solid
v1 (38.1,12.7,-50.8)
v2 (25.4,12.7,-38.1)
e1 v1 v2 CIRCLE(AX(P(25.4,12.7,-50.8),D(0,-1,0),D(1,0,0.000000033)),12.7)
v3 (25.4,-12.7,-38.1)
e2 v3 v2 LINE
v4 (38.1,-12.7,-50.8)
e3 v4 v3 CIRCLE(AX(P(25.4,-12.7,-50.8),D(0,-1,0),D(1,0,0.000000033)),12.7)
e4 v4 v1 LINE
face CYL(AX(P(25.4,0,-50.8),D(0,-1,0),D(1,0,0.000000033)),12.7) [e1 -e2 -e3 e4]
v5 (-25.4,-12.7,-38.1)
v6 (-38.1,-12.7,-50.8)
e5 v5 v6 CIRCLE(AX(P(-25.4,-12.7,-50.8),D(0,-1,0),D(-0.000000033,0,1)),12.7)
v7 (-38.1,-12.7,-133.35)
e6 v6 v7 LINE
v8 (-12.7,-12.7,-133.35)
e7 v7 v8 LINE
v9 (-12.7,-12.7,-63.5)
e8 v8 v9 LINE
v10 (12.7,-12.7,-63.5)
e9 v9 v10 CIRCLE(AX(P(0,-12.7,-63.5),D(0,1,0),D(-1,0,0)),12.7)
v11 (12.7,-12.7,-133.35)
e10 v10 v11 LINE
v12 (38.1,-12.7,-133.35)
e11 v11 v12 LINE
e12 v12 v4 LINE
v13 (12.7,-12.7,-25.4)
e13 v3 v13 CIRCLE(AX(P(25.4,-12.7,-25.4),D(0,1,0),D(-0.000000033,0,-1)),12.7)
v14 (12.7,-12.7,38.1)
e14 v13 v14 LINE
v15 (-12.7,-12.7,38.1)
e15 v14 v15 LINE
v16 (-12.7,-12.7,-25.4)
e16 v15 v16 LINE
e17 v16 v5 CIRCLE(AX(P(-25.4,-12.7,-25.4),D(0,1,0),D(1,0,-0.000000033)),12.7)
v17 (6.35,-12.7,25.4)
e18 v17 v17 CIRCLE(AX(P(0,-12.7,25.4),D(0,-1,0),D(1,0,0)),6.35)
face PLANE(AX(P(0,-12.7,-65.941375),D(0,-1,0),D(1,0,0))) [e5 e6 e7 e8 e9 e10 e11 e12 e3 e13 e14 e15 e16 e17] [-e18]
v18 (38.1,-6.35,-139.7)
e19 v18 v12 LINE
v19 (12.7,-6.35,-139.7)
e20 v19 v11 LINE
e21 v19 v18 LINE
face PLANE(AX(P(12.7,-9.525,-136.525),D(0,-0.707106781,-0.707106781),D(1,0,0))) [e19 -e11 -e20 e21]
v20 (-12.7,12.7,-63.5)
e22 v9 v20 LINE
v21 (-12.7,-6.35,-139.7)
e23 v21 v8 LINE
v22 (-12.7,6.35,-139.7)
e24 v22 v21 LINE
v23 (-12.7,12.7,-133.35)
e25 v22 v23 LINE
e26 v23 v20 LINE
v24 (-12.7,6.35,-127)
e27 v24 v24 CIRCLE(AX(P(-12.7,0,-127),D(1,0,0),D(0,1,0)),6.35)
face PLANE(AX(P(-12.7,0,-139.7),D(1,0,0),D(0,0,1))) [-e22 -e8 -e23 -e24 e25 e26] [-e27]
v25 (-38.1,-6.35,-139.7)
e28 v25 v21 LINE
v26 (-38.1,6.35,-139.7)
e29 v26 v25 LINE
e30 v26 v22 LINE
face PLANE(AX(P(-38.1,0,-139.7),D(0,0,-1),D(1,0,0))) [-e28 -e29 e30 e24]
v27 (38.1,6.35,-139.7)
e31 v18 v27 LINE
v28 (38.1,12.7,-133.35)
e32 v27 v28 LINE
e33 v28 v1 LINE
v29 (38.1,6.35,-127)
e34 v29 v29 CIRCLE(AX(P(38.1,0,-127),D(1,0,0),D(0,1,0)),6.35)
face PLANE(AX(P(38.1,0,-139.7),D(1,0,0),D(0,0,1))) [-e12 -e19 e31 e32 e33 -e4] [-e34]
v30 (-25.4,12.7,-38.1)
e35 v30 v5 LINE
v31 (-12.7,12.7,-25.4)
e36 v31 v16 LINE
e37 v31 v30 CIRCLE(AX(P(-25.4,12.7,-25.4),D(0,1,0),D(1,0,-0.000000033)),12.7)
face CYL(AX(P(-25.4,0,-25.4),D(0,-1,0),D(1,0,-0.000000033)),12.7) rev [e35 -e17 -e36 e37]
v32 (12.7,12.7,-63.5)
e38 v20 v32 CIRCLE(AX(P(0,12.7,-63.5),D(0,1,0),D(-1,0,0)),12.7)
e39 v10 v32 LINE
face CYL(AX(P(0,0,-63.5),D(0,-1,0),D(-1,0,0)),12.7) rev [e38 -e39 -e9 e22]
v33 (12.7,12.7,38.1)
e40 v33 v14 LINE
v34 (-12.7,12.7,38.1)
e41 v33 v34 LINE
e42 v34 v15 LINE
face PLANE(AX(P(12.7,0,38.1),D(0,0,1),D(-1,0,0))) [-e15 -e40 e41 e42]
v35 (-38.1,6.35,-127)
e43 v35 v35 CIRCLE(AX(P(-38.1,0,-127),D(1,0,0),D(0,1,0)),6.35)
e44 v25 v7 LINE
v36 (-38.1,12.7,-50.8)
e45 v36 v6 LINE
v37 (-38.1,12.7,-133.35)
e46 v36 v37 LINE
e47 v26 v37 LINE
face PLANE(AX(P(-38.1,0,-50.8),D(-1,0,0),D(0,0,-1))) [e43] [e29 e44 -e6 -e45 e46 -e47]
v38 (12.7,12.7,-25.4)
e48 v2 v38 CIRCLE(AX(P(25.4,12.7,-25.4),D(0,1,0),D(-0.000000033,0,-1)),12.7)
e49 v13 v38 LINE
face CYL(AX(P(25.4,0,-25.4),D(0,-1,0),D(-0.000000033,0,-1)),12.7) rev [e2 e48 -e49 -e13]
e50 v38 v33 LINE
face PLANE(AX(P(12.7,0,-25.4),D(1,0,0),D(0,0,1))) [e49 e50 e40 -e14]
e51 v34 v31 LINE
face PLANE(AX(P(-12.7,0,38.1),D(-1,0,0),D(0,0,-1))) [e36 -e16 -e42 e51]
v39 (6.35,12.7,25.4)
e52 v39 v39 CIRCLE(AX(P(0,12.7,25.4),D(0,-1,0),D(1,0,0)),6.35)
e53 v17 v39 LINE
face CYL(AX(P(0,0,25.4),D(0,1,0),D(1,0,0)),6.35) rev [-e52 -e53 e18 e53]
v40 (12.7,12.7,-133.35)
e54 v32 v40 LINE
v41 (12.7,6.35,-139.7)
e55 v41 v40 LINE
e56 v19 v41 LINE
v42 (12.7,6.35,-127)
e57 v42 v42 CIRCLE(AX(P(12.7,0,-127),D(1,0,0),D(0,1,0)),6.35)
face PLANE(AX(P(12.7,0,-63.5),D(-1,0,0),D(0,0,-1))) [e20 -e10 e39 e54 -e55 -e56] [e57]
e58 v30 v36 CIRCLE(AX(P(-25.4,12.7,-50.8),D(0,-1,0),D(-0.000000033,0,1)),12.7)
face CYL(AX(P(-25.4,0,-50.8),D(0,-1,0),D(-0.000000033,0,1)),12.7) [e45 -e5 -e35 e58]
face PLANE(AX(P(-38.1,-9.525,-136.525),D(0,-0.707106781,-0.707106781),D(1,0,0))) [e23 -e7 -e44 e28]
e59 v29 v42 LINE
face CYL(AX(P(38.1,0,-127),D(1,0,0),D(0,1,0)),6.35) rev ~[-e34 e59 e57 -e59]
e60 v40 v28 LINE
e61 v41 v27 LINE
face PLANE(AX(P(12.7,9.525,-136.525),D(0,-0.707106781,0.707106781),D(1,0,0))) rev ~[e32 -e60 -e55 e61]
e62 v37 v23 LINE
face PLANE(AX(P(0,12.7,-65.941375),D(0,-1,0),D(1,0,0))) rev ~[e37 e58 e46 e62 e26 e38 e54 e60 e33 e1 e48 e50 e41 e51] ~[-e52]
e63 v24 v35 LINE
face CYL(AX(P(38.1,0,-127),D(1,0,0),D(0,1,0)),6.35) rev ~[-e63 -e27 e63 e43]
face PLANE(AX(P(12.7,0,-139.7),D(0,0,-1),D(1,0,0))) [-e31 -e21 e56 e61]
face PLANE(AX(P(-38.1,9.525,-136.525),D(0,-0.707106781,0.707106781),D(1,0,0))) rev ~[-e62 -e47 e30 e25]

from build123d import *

# Parameters (mm, degrees)
F0_R     = 6.35
F1_DEPTH = 12.7
F2_SIZE  = 6.35
F3_R     = 6.35
F4_DEPTH = 76.2


with BuildPart() as f1:
    # F0 (on Front) → F1 (new body, symmetric)
    with BuildSketch(Plane.XZ):
        with BuildLine():
            Line((12.7, -25.4), (12.7, 38.1))
            Line((12.7, 38.1), (-12.7, 38.1))
            Line((-12.7, 38.1), (-12.7, -25.4))
            ThreePointArc((-12.7, -25.4), (-16.419744, -34.380256), (-25.4, -38.1))
            ThreePointArc((-25.4, -38.1), (-34.380256, -41.819744), (-38.1, -50.8))
            Line((-38.1, -50.8), (-38.1, -139.7))
            Line((-38.1, -139.7), (-12.7, -139.7))
            Line((-12.7, -139.7), (-12.7, -63.5))
            ThreePointArc((-12.7, -63.5), (0, -50.8), (12.7, -63.5))
            Line((12.7, -63.5), (12.7, -139.7))
            Line((12.7, -139.7), (38.1, -139.7))
            Line((38.1, -139.7), (38.1, -50.8))
            ThreePointArc((38.1, -50.8), (34.380256, -41.819744), (25.4, -38.1))
            ThreePointArc((25.4, -38.1), (16.419744, -34.380256), (12.7, -25.4))
        make_face()
        with Locations((0, 25.4)):
            Circle(F0_R, mode=Mode.SUBTRACT)
    extrude(amount=F1_DEPTH, both=True)

    # F2
    f2_edges = [f1.edges().sort_by_distance(p)[0] for p in [
        (-25.4, 12.7, -139.7),
        (-25.4, -12.7, -139.7),
        (25.4, -12.7, -139.7),
        (25.4, 12.7, -139.7),
    ]]
    chamfer(f2_edges, length=F2_SIZE)

    # F3 (on face) → F4 (cut)
    with BuildSketch(Plane.YZ.offset(38.1)):
        with Locations((0, -127)):
            Circle(F3_R)
    extrude(amount=-F4_DEPTH, mode=Mode.SUBTRACT)


solid = f1.part
